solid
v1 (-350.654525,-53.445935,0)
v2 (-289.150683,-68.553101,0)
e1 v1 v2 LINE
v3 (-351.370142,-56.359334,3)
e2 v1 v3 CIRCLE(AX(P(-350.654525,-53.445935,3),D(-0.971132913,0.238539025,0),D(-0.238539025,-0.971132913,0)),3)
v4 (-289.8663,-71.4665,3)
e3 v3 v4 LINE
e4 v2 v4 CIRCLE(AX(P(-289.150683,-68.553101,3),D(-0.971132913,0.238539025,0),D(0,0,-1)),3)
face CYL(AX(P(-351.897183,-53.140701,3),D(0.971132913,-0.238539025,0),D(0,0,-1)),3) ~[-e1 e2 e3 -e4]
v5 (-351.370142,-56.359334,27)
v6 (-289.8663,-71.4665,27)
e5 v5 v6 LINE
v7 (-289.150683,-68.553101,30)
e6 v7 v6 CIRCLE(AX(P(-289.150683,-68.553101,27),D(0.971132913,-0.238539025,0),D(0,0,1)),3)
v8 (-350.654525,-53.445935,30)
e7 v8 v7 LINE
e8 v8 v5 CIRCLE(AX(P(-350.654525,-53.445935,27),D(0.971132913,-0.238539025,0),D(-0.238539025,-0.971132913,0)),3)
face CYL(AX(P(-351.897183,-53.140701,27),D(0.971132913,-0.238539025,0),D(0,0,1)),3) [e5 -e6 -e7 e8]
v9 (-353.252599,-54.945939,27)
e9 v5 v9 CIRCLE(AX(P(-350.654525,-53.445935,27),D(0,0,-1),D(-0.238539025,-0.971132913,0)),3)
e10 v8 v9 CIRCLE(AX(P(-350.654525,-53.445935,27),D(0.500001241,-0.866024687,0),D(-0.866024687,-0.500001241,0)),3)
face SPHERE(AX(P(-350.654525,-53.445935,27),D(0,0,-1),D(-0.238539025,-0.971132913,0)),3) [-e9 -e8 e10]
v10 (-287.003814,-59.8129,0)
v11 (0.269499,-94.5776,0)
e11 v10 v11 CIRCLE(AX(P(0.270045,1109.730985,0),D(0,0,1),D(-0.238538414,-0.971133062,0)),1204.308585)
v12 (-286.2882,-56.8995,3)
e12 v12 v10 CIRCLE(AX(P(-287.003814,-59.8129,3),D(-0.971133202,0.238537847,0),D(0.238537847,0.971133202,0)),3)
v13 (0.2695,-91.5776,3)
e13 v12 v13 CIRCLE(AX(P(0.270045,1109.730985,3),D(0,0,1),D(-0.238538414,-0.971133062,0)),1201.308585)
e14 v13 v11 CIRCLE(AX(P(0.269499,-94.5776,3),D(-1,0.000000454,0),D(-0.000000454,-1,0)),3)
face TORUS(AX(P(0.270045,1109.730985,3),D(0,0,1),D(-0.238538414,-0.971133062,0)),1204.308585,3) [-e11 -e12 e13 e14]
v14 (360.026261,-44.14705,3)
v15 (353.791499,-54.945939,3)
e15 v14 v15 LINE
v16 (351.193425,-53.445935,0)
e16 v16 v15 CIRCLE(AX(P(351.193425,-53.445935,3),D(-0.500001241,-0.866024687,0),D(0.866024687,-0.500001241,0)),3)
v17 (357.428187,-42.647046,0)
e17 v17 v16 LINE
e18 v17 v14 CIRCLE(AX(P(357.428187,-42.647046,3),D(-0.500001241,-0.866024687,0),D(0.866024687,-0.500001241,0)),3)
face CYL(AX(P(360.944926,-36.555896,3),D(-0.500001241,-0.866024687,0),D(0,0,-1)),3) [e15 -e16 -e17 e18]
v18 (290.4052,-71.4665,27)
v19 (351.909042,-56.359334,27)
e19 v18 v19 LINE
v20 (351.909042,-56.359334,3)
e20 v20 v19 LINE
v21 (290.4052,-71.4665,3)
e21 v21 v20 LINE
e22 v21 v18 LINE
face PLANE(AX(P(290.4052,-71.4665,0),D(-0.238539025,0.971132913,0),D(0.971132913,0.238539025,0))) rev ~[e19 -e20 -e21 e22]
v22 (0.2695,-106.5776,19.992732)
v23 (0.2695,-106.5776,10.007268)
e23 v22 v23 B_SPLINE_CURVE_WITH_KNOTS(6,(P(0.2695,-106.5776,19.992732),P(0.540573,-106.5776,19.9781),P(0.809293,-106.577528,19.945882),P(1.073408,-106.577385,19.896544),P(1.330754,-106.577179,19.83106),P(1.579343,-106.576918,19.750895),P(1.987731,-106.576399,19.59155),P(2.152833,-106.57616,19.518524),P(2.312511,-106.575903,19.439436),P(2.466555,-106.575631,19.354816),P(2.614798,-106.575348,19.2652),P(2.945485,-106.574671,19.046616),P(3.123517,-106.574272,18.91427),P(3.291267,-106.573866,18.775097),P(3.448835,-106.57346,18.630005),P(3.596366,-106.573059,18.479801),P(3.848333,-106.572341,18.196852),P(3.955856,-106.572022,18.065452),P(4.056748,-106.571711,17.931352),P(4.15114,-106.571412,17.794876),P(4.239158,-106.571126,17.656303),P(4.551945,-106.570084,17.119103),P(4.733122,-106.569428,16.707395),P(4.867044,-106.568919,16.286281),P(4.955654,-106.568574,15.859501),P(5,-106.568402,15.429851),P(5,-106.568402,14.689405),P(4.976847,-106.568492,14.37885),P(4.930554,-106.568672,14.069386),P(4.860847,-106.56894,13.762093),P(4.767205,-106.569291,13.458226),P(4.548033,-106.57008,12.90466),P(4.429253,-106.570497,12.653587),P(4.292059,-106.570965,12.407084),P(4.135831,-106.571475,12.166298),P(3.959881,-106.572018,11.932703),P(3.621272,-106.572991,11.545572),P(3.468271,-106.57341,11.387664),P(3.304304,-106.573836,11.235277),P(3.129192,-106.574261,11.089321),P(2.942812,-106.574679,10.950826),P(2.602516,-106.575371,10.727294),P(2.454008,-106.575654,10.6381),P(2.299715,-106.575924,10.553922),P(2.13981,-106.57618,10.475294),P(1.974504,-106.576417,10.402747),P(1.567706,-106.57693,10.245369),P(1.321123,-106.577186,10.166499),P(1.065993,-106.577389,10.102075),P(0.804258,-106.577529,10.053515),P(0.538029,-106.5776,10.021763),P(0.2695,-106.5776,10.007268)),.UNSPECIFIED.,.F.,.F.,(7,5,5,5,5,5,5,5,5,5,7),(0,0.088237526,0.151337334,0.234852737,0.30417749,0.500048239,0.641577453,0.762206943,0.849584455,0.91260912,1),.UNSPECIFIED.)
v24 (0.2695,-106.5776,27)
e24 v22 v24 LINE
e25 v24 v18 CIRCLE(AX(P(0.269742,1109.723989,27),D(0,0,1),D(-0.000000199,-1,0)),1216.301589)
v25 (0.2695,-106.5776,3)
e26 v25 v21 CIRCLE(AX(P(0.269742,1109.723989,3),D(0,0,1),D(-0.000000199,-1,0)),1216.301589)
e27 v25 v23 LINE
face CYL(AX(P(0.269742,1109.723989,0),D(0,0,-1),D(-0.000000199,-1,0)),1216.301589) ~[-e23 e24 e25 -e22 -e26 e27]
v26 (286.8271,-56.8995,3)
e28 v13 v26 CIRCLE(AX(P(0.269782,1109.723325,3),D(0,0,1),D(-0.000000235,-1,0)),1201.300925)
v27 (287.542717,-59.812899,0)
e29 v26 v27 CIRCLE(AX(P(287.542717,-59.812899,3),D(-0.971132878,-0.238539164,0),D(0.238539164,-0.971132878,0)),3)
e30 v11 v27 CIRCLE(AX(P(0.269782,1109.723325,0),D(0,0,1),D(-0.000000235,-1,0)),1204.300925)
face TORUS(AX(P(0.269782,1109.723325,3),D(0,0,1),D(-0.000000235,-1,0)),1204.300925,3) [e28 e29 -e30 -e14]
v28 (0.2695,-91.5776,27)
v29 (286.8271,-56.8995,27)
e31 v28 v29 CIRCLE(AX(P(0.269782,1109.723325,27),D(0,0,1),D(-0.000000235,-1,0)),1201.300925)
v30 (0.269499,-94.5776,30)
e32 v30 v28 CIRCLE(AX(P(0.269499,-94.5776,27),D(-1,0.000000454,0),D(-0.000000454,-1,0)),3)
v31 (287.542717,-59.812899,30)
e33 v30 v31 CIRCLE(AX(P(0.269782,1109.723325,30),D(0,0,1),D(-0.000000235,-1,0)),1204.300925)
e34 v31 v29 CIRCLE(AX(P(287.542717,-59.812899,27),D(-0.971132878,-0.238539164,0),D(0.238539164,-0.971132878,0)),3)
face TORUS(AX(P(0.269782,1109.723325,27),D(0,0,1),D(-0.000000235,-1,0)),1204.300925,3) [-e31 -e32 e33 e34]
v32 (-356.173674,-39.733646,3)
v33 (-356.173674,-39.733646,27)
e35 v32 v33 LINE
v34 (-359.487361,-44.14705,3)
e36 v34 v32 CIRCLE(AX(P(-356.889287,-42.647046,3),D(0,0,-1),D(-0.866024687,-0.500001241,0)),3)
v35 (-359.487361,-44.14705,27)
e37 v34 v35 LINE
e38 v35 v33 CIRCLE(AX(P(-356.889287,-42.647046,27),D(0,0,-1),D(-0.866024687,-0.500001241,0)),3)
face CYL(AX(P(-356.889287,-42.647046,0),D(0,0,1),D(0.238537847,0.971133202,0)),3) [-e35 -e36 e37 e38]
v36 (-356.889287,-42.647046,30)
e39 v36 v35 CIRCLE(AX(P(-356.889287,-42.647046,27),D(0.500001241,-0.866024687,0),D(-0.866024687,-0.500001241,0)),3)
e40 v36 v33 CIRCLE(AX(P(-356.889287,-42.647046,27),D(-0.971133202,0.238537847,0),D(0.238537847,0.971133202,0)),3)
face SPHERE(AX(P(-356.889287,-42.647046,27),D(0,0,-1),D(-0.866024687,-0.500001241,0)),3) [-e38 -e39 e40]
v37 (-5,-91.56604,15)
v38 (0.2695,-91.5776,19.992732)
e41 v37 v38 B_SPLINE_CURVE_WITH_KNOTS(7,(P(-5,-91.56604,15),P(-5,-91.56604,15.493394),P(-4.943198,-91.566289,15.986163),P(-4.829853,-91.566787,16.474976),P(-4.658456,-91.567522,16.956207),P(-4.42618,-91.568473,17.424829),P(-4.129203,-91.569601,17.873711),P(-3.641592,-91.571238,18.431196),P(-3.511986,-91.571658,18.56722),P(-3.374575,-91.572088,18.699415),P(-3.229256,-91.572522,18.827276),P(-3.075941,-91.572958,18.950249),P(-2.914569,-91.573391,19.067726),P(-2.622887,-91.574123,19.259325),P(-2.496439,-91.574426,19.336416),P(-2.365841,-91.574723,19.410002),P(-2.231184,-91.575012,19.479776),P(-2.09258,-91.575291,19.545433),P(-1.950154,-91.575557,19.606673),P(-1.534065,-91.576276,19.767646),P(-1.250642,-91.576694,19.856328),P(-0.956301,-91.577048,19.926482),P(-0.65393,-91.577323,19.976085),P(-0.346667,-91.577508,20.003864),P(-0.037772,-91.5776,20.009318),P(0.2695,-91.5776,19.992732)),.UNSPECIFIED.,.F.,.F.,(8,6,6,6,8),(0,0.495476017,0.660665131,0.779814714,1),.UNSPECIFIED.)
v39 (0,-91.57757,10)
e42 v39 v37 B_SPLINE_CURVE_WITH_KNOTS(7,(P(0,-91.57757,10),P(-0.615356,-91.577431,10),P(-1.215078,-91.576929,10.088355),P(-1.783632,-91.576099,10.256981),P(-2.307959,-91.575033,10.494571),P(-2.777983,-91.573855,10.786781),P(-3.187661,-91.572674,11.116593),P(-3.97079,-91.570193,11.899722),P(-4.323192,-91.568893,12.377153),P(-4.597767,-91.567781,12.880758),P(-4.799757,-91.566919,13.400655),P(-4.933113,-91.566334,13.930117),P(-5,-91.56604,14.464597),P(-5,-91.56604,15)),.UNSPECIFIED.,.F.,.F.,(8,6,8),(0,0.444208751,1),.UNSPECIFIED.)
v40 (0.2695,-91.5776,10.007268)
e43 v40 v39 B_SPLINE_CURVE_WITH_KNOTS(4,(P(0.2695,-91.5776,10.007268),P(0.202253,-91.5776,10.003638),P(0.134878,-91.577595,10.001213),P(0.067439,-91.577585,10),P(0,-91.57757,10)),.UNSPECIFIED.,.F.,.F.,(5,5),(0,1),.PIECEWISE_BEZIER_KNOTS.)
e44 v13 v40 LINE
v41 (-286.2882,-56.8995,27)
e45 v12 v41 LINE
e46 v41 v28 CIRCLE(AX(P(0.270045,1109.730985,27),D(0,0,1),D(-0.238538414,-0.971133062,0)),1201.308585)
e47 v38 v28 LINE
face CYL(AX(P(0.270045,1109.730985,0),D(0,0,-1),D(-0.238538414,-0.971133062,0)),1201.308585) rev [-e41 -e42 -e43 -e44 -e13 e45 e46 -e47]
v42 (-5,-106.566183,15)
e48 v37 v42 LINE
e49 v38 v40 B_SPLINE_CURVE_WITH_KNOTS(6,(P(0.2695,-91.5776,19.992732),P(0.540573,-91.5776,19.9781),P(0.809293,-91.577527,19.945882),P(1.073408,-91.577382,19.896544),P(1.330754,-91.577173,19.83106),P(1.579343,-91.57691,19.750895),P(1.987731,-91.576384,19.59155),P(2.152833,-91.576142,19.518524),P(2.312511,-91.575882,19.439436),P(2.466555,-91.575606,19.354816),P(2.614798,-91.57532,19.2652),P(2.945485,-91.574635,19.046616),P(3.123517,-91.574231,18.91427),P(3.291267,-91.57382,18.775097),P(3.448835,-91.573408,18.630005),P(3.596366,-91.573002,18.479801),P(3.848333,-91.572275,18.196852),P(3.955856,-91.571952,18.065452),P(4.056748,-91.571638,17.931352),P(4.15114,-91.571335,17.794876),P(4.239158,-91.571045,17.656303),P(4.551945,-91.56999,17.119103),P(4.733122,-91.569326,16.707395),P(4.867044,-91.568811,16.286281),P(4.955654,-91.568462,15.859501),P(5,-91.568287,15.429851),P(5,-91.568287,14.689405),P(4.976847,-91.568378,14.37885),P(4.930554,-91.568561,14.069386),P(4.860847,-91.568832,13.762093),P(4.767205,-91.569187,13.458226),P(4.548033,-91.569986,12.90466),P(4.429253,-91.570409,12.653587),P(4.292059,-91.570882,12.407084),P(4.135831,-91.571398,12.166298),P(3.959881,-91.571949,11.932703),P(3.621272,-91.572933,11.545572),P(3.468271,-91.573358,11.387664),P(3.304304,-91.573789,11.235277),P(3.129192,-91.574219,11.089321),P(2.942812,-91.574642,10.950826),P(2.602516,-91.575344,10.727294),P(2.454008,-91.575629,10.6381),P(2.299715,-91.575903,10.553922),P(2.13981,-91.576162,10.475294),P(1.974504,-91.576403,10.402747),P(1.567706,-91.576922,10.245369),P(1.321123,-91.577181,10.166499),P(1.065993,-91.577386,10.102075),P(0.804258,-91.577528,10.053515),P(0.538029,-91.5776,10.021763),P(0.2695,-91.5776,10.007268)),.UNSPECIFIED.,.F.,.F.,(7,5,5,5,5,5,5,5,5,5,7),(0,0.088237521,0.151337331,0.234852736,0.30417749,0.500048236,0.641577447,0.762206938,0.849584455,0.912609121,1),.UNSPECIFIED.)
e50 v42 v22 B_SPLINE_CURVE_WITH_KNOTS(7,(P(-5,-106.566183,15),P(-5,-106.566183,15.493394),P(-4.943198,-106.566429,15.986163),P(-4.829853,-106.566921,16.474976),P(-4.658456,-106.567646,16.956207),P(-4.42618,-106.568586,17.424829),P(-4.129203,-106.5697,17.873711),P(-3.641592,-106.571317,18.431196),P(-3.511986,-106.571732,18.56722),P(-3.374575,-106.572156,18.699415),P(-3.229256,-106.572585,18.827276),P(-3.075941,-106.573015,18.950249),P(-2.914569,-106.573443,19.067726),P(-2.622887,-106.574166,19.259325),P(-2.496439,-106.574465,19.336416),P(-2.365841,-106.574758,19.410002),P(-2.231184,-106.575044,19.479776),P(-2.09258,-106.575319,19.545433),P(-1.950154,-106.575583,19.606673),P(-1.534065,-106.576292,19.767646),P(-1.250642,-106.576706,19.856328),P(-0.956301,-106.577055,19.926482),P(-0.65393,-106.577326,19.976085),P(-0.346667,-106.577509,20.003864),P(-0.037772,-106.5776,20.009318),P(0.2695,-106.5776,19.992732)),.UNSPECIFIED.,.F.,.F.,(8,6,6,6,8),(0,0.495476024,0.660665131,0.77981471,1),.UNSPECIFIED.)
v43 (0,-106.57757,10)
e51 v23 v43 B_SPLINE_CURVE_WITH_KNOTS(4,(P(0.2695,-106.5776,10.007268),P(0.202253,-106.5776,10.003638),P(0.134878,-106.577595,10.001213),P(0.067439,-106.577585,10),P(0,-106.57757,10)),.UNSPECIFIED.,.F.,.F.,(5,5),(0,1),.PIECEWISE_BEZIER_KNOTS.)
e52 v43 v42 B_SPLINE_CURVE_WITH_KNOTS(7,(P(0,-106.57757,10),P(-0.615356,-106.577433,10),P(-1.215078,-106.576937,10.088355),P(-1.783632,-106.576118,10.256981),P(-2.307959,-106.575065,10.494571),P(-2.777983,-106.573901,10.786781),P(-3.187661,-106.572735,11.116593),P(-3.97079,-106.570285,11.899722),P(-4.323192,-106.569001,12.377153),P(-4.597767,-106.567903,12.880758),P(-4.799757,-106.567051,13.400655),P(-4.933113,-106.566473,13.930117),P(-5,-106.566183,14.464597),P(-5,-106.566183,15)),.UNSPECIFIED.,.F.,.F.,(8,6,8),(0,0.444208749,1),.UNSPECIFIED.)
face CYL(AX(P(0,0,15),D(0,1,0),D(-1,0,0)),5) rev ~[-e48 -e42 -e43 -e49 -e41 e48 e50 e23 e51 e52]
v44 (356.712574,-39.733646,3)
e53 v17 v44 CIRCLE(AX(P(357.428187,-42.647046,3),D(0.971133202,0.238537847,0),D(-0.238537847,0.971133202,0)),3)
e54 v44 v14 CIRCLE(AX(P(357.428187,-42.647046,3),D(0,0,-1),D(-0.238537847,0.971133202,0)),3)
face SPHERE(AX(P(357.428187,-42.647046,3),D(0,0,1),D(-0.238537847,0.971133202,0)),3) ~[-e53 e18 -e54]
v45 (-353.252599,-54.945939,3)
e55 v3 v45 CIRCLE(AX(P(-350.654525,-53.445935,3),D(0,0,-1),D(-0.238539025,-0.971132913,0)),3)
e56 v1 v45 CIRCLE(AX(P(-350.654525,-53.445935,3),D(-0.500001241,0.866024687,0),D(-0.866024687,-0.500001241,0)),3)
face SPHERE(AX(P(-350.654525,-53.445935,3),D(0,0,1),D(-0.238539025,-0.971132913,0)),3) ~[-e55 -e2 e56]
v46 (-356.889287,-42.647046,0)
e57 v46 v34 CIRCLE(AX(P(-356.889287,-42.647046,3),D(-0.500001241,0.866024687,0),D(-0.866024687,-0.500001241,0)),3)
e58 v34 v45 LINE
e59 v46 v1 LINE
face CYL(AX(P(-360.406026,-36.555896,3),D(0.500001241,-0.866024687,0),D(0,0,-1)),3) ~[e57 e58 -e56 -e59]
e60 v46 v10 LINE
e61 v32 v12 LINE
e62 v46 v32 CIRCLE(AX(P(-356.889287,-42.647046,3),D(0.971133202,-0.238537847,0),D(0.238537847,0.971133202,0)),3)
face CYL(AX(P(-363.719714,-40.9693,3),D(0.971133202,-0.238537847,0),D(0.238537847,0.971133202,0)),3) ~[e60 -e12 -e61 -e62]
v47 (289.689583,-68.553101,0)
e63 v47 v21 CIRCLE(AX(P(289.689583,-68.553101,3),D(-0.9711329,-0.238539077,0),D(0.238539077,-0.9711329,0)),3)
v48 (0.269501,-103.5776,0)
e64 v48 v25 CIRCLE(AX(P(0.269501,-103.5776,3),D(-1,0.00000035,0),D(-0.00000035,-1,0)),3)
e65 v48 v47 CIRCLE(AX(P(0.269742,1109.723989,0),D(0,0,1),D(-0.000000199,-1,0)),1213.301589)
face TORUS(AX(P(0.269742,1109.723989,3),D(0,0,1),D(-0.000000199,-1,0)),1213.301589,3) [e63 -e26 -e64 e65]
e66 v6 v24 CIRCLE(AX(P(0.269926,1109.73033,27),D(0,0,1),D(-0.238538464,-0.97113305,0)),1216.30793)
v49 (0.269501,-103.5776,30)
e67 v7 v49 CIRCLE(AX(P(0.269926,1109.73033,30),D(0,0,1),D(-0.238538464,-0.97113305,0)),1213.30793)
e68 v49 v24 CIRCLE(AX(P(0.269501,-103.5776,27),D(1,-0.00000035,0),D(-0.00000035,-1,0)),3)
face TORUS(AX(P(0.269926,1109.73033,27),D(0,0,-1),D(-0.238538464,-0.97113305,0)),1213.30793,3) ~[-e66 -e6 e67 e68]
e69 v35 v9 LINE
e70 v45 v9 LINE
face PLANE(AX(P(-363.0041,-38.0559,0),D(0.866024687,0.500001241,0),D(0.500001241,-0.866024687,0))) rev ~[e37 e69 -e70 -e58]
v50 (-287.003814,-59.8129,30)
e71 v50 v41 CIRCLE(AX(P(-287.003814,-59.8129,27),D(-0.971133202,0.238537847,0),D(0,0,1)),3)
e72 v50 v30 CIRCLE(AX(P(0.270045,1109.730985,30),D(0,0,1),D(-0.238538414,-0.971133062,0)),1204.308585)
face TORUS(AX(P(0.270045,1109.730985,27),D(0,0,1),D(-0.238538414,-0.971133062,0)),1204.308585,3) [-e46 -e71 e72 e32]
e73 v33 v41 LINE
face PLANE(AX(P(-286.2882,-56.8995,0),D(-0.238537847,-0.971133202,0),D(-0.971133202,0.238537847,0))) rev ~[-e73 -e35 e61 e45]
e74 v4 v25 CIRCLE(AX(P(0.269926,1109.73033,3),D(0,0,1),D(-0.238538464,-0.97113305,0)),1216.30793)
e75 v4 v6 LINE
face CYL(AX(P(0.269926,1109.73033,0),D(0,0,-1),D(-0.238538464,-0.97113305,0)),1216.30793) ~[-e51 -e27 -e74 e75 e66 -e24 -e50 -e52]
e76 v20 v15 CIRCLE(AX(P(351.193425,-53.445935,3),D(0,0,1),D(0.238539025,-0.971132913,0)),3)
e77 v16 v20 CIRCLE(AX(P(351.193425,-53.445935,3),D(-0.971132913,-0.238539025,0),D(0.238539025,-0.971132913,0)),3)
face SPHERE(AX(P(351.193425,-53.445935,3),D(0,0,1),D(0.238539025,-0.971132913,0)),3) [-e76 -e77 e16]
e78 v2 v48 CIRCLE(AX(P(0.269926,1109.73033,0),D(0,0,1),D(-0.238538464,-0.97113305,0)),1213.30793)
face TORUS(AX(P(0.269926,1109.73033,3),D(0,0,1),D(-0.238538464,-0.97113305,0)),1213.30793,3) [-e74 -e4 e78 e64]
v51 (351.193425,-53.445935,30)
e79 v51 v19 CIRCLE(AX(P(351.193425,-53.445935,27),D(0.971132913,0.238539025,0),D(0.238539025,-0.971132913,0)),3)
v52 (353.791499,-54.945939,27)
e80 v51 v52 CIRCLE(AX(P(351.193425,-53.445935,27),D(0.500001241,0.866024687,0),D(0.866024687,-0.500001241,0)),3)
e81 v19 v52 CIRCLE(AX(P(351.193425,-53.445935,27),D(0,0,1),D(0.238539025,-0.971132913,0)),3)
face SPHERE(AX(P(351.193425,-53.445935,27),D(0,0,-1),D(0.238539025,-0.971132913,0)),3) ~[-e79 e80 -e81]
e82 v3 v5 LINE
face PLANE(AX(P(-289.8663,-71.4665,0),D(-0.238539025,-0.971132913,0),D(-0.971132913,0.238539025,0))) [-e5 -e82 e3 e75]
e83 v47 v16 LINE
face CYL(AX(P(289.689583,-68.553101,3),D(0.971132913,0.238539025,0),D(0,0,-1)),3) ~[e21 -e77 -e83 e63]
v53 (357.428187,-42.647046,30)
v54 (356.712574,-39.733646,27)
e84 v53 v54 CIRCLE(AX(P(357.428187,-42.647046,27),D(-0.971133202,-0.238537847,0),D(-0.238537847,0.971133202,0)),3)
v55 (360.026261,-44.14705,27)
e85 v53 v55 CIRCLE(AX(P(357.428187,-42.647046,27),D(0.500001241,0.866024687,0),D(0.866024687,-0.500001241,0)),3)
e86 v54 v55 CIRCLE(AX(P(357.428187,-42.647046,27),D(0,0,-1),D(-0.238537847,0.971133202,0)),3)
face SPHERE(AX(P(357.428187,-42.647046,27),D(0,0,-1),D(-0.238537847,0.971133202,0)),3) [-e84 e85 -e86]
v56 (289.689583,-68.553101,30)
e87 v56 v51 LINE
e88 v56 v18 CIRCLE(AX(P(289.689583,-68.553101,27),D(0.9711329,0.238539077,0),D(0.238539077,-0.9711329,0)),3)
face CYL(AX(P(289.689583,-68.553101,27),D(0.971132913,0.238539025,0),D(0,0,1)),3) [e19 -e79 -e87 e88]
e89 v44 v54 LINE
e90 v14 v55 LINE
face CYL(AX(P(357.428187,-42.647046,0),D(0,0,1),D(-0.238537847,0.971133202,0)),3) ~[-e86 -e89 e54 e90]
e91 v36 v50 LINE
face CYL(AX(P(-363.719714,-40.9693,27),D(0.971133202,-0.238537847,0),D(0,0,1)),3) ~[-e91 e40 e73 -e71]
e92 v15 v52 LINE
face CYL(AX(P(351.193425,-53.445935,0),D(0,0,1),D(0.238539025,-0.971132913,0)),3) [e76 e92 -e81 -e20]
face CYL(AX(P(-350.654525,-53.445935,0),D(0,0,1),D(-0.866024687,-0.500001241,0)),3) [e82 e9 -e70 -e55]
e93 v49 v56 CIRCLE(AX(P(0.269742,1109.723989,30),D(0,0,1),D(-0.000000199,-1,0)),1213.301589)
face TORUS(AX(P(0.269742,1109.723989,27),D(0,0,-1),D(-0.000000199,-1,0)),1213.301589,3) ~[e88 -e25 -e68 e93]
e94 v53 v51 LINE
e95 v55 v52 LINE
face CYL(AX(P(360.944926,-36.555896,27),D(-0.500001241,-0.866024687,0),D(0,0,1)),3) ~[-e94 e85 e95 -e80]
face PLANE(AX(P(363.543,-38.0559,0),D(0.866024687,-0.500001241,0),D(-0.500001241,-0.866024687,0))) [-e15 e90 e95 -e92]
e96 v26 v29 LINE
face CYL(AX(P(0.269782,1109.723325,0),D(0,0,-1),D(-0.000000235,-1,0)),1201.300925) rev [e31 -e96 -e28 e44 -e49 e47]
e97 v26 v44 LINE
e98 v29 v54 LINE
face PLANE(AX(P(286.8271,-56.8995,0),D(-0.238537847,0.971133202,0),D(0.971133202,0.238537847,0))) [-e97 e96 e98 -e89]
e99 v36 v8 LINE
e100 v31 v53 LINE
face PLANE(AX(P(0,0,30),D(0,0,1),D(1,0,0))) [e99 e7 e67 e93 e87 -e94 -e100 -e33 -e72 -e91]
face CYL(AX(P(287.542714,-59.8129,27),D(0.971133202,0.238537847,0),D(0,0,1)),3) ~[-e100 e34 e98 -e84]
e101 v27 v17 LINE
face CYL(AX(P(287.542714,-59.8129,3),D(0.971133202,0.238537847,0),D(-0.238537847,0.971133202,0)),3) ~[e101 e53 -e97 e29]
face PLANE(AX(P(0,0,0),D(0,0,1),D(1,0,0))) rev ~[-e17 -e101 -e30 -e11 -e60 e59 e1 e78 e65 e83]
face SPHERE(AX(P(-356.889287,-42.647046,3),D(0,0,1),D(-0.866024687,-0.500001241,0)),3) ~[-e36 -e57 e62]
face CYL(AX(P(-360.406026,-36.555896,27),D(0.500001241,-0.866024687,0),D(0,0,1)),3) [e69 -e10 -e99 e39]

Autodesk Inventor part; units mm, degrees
ref_plane "YZ Plane" through (0, 0, 0) normal (1, 0, 0) x (0, 1, 0)
ref_plane "XZ Plane" through (0, 0, 0) normal (0, 1, 0) x (-1, 0, 0)
ref_plane "XY Plane" through (0, 0, 0) normal (0, 0, 1) x (1, 0, 0)
sketch "Sketch1" plane through (0, 0, 0) normal (0, 0, 1) x (1, 0, 0)
  arc A0 (0.2695, -91.5776) -> (286.8271, -56.8995) centre (0.2695, 1109.728) ccw
  arc A1 (0.2695, -106.5776) -> (290.4052, -71.4665) centre (0.2695, 1109.728) ccw
  line L0 (0.2695, -106.5776) -> (0.2695, -82.8765)
  line L1 (0, 0) -> (363.543, 0)
  line L2 (286.8271, -56.8995) -> (363.543, -38.0559)
  line L3 (290.4052, -71.4665) -> (353.1517, -56.0541)
  line L4 (363.543, -38.0559) -> (353.1517, -56.0541)
  arc A2 (-286.2882, -56.8995) -> (0.2695, -91.5776) centre (0.2695, 1109.728) ccw
  arc A3 (-289.8663, -71.4665) -> (0.2695, -106.5776) centre (0.2695, 1109.728) ccw
  line L5 (-286.2882, -56.8995) -> (-363.0041, -38.0559)
  line L6 (-289.8663, -71.4665) -> (-352.6128, -56.0541)
  line L7 (-363.0041, -38.0559) -> (-352.6128, -56.0541)
  point P0 (254.9341, -79.6185)
  dimension "d0" = 15
  dimension "d9" = 363.543
extrude "Extrusion1" add sketch "Sketch1" along normal blind 30
sketch "Sketch2" plane through (0, 0, 0) normal (0, 1, 0) x (-1, 0, 0)
  line L0 (0, 0) -> (0, 15)
  circle A0 centre (0, 15) radius 5
  dimension "d5" = 15
  dimension "d6" = 10
extrude "Extrusion2" cut sketch "Sketch2" against normal blind 300
fillet "Fillet2" radius 3 20 edges at (-363.0041, -38.0559, 15) (-357.8084, -47.055, 0) (-357.8084, -47.055, 30) (-352.6128, -56.0541, 15) (146.3957, -97.7679, 30) (321.7784, -63.7603, 30) (-321.2395, -63.7603, 30) (146.3957, -97.7679, 0) (321.7784, -63.7603, 0) (-321.2395, -63.7603, 0) (-144.0547, -82.8765, 30) (325.1851, -47.4777, 30) (-324.6461, -47.4777, 30) (358.3473, -47.055, 30) (363.543, -38.0559, 15) (144.5936, -82.8765, 0) (-324.6461, -47.4777, 0) (325.1851, -47.4777, 0) (358.3473, -47.055, 0) (353.1517, -56.0541, 15)
properties part number "leaf 33" material "Steel, Carbon"
